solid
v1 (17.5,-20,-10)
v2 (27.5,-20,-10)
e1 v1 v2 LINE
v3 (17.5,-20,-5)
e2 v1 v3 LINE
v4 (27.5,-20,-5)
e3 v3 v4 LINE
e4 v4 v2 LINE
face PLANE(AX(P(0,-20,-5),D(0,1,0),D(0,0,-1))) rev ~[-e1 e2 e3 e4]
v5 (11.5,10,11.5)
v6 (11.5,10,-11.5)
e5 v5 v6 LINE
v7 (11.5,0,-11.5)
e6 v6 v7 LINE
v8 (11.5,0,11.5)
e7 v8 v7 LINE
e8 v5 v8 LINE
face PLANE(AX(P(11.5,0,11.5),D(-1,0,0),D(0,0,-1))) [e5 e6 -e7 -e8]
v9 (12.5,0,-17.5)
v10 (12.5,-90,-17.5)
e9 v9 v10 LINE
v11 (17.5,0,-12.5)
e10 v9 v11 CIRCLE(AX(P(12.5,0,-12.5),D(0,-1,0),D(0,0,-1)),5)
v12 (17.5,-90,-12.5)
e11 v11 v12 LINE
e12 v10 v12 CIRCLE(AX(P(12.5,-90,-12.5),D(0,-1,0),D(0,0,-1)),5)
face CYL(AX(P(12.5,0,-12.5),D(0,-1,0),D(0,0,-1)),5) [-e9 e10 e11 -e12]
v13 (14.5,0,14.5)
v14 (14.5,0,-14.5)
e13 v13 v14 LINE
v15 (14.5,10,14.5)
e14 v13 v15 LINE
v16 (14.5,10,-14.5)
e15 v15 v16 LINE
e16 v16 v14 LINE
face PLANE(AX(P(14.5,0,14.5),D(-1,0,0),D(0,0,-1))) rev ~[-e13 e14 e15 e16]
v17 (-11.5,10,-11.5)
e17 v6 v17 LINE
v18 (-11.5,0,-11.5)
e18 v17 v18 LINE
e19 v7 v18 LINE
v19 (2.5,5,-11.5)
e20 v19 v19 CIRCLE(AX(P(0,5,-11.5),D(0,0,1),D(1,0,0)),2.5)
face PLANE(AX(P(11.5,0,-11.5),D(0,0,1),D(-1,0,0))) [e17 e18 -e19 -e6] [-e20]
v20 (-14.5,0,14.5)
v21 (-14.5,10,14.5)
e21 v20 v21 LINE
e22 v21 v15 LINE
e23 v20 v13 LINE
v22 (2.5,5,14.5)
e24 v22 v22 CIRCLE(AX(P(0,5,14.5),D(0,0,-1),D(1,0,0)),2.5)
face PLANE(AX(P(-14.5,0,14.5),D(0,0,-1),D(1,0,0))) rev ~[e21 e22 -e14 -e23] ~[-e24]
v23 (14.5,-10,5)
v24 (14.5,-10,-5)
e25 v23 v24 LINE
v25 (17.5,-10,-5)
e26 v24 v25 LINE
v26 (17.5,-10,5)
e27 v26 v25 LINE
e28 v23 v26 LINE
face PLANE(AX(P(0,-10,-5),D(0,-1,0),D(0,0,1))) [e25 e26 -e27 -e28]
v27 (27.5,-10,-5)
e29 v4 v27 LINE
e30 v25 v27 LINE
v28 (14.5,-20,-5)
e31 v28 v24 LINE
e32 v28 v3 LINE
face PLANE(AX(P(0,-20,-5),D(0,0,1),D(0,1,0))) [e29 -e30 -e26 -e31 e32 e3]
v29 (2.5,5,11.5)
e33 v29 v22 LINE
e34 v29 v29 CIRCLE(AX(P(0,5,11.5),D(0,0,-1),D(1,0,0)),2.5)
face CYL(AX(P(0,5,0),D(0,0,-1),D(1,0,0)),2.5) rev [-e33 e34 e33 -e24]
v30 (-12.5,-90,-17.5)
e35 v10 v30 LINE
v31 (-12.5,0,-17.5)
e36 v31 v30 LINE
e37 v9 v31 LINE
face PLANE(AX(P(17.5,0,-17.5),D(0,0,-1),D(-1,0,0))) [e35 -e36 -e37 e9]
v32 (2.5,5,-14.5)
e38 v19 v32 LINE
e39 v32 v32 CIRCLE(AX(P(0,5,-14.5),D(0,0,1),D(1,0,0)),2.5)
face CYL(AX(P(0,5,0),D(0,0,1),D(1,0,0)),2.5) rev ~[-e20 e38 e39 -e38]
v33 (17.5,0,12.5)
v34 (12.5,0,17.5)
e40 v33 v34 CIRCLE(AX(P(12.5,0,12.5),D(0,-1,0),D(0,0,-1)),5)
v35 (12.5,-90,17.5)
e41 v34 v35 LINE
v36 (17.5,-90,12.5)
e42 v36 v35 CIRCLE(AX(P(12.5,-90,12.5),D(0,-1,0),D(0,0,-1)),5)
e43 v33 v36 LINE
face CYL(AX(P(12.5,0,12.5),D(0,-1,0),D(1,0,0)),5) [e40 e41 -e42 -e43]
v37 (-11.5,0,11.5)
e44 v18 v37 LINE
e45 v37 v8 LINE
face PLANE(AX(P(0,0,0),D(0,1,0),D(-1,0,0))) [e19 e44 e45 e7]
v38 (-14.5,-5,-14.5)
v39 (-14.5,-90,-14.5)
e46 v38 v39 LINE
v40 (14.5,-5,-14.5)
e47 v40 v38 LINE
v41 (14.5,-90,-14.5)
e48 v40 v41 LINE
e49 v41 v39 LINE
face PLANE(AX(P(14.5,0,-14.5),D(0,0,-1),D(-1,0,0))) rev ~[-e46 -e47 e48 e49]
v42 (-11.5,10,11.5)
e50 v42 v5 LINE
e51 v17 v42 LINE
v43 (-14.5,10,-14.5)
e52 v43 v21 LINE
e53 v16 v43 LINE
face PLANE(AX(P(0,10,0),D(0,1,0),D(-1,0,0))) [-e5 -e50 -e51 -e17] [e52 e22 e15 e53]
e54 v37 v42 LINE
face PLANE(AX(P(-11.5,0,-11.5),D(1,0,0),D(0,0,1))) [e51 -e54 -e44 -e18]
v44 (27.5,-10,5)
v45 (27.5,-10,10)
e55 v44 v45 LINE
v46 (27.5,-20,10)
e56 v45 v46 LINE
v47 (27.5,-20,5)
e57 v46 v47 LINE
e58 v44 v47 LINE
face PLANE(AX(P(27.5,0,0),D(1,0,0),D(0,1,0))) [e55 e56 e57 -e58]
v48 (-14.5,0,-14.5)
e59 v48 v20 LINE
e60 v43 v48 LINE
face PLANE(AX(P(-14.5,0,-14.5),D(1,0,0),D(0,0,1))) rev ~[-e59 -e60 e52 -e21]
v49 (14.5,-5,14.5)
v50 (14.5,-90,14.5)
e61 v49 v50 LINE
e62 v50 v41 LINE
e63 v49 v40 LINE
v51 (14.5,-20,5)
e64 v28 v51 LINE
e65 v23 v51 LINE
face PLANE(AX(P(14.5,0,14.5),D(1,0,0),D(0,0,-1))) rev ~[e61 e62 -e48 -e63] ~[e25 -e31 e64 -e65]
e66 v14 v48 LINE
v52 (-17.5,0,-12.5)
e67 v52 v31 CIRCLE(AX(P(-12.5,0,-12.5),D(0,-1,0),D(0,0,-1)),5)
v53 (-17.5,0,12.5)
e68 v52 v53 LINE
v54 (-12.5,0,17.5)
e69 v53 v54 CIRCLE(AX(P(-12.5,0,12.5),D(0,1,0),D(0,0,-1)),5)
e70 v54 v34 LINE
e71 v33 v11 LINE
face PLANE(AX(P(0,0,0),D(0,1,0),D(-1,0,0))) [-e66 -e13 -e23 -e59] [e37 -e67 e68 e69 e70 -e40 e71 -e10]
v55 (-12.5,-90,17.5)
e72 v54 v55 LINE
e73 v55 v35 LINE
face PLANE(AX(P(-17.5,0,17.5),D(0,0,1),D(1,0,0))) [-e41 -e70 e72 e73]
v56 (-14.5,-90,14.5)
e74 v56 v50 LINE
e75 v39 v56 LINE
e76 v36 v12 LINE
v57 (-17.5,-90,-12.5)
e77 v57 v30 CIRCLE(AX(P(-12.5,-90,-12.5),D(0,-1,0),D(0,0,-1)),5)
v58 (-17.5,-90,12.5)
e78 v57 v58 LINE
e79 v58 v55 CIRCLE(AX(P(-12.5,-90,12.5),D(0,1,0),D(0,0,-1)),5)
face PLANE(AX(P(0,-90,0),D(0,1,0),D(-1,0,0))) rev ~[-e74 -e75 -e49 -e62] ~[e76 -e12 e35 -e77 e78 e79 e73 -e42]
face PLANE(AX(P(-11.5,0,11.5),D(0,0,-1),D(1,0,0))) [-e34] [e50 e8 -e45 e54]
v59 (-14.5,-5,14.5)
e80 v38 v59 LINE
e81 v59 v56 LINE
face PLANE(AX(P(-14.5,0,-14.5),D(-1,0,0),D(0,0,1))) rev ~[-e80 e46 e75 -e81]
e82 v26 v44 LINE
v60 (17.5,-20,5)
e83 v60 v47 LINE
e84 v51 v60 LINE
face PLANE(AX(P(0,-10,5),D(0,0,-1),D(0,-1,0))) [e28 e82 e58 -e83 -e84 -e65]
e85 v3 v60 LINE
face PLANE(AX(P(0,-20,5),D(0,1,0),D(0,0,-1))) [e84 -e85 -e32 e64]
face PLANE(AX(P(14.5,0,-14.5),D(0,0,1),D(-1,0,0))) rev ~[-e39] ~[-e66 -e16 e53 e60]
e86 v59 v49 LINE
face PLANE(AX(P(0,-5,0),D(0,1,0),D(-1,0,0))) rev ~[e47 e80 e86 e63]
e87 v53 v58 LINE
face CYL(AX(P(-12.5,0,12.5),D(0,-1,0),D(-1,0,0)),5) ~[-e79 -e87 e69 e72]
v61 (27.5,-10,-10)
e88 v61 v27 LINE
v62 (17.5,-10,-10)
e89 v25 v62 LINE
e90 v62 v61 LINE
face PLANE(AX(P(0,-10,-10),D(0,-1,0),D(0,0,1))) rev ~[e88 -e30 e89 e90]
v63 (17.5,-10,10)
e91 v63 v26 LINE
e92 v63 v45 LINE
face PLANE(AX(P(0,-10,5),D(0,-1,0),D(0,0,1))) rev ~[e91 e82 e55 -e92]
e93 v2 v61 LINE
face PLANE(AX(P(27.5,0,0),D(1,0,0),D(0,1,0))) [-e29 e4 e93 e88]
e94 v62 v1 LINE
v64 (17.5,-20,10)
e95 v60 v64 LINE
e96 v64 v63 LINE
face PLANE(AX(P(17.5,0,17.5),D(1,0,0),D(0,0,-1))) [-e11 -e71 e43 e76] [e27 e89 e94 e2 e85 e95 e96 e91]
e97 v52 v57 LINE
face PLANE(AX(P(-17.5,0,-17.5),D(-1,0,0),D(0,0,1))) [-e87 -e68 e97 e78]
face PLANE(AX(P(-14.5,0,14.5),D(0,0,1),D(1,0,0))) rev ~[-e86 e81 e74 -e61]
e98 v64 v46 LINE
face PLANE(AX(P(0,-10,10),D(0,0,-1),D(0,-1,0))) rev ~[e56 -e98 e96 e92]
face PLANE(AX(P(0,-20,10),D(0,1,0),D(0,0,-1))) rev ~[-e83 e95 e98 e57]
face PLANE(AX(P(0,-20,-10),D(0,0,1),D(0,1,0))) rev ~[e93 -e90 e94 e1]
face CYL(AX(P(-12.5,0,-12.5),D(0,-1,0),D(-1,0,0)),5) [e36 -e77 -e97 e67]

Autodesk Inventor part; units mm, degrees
ref_plane "YZ Plane" through (0, 0, 0) normal (1, 0, 0) x (0, 1, 0)
ref_plane "XZ Plane" through (0, 0, 0) normal (0, 1, 0) x (-1, 0, 0)
ref_plane "XY Plane" through (0, 0, 0) normal (0, 0, 1) x (1, 0, 0)
sketch "Schizzo2" plane through (0, 0, 0) normal (0, 1, 0) x (-1, 0, 0)
  line L0 (11.5, 11.5) -> (-11.5, 11.5)
  line L1 (-11.5, 11.5) -> (-11.5, -11.5)
  line L2 (-11.5, -11.5) -> (11.5, -11.5)
  line L3 (11.5, -11.5) -> (11.5, 11.5)
  line L4 (17.5, 17.5) -> (-17.5, 17.5)
  line L5 (-17.5, 17.5) -> (-17.5, -17.5)
  line L6 (-17.5, -17.5) -> (17.5, -17.5)
  line L7 (17.5, -17.5) -> (17.5, 17.5)
  line L8 (0, 0) -> (13.1636, 0) construction
  line L9 (0, 0) -> (0, -15.8245) construction
  line L10 (14.5, 14.5) -> (-14.5, 14.5)
  line L11 (-14.5, 14.5) -> (-14.5, -14.5)
  line L12 (-14.5, -14.5) -> (14.5, -14.5)
  line L13 (14.5, -14.5) -> (14.5, 14.5)
  dimension "d1" = 23
  dimension "d2" = 35
  dimension "d3" = 3
extrude "Estrusione1" add sketch "Schizzo2" along normal blind 10 and the other way blind 5 contours L13 L12 L11 L10
extrude "Estrusione2" add sketch "Schizzo2" against normal blind 90 contours L7 L6 L5 L4
extrude "Estrusione3" add sketch "Schizzo2" against normal blind 5 contours L3 L2 L1 L0
fillet "Raccordo1" radius 5 4 edges at (17.5, -45, 17.5) (17.5, -45, -17.5) (-17.5, -45, 17.5) (-17.5, -45, -17.5)
sketch "Schizzo3" plane through (0, 0, 0) normal (0, 0, 1) x (1, 0, 0)
  line L0 (-14.5, -5) -> (-14.5, 10) projected
  line L1 (-12.5, 0) -> (12.5, 0) projected
  line L2 (14.5, 10) -> (14.5, -5) projected
  line L3 (-14.5, 10) -> (14.5, 10) projected
  line L4 (0, 0) -> (0, 15.5409) construction
  line L5 (0, 0) -> (22.1267, 0) construction
  circle A0 centre (0, 5) radius 2.5
  dimension "d11" = 5
  dimension "d12" = 5
extrude "Estrusione4" cut sketch "Schizzo3" along normal through all both and the other way through all
sketch "Schizzo4" plane through (0, 0, 0) normal (1, 0, 0) x (0, 1, 0)
  line L0 (0, 12.5) -> (0, -12.5) projected
  line L1 (-90, -17.5) -> (0, -17.5) projected
  line L2 (0, 17.5) -> (-90, 17.5) projected
  line L3 (-90, -12.5) -> (-90, 12.5) projected
  line L4 (0, 0) -> (-112.8212, 0) construction
  line L5 (0, 0) -> (0, -73.2961) construction
  line L6 (-10, 10) -> (-20, 10)
  line L7 (-20, 10) -> (-20, -10)
  line L8 (-20, -10) -> (-10, -10)
  line L9 (-10, -10) -> (-10, 10)
  line L10 (-10, 5) -> (-20, 5)
  line L11 (-20, 5) -> (-20, -5)
  line L12 (-20, -5) -> (-10, -5)
  line L13 (-10, -5) -> (-10, 5)
  dimension "d17" = 10
  dimension "d18" = 20
  dimension "d19" = 10
  dimension "d20" = 10
extrude "Estrusione5" cut sketch "Schizzo4" along normal through all contours L9 L12 L7 L10
extrude "Estrusione6" add sketch "Schizzo4" along normal blind 27.5 contours L9 L10 L7 L6 | L9 L8 L7 L12
extrude "Estrusione7" cut sketch "Schizzo4" along normal up to surface (14.5 mm away) contours L9 L10 L7 L6 | L9 L8 L7 L12
properties part number "manico"
